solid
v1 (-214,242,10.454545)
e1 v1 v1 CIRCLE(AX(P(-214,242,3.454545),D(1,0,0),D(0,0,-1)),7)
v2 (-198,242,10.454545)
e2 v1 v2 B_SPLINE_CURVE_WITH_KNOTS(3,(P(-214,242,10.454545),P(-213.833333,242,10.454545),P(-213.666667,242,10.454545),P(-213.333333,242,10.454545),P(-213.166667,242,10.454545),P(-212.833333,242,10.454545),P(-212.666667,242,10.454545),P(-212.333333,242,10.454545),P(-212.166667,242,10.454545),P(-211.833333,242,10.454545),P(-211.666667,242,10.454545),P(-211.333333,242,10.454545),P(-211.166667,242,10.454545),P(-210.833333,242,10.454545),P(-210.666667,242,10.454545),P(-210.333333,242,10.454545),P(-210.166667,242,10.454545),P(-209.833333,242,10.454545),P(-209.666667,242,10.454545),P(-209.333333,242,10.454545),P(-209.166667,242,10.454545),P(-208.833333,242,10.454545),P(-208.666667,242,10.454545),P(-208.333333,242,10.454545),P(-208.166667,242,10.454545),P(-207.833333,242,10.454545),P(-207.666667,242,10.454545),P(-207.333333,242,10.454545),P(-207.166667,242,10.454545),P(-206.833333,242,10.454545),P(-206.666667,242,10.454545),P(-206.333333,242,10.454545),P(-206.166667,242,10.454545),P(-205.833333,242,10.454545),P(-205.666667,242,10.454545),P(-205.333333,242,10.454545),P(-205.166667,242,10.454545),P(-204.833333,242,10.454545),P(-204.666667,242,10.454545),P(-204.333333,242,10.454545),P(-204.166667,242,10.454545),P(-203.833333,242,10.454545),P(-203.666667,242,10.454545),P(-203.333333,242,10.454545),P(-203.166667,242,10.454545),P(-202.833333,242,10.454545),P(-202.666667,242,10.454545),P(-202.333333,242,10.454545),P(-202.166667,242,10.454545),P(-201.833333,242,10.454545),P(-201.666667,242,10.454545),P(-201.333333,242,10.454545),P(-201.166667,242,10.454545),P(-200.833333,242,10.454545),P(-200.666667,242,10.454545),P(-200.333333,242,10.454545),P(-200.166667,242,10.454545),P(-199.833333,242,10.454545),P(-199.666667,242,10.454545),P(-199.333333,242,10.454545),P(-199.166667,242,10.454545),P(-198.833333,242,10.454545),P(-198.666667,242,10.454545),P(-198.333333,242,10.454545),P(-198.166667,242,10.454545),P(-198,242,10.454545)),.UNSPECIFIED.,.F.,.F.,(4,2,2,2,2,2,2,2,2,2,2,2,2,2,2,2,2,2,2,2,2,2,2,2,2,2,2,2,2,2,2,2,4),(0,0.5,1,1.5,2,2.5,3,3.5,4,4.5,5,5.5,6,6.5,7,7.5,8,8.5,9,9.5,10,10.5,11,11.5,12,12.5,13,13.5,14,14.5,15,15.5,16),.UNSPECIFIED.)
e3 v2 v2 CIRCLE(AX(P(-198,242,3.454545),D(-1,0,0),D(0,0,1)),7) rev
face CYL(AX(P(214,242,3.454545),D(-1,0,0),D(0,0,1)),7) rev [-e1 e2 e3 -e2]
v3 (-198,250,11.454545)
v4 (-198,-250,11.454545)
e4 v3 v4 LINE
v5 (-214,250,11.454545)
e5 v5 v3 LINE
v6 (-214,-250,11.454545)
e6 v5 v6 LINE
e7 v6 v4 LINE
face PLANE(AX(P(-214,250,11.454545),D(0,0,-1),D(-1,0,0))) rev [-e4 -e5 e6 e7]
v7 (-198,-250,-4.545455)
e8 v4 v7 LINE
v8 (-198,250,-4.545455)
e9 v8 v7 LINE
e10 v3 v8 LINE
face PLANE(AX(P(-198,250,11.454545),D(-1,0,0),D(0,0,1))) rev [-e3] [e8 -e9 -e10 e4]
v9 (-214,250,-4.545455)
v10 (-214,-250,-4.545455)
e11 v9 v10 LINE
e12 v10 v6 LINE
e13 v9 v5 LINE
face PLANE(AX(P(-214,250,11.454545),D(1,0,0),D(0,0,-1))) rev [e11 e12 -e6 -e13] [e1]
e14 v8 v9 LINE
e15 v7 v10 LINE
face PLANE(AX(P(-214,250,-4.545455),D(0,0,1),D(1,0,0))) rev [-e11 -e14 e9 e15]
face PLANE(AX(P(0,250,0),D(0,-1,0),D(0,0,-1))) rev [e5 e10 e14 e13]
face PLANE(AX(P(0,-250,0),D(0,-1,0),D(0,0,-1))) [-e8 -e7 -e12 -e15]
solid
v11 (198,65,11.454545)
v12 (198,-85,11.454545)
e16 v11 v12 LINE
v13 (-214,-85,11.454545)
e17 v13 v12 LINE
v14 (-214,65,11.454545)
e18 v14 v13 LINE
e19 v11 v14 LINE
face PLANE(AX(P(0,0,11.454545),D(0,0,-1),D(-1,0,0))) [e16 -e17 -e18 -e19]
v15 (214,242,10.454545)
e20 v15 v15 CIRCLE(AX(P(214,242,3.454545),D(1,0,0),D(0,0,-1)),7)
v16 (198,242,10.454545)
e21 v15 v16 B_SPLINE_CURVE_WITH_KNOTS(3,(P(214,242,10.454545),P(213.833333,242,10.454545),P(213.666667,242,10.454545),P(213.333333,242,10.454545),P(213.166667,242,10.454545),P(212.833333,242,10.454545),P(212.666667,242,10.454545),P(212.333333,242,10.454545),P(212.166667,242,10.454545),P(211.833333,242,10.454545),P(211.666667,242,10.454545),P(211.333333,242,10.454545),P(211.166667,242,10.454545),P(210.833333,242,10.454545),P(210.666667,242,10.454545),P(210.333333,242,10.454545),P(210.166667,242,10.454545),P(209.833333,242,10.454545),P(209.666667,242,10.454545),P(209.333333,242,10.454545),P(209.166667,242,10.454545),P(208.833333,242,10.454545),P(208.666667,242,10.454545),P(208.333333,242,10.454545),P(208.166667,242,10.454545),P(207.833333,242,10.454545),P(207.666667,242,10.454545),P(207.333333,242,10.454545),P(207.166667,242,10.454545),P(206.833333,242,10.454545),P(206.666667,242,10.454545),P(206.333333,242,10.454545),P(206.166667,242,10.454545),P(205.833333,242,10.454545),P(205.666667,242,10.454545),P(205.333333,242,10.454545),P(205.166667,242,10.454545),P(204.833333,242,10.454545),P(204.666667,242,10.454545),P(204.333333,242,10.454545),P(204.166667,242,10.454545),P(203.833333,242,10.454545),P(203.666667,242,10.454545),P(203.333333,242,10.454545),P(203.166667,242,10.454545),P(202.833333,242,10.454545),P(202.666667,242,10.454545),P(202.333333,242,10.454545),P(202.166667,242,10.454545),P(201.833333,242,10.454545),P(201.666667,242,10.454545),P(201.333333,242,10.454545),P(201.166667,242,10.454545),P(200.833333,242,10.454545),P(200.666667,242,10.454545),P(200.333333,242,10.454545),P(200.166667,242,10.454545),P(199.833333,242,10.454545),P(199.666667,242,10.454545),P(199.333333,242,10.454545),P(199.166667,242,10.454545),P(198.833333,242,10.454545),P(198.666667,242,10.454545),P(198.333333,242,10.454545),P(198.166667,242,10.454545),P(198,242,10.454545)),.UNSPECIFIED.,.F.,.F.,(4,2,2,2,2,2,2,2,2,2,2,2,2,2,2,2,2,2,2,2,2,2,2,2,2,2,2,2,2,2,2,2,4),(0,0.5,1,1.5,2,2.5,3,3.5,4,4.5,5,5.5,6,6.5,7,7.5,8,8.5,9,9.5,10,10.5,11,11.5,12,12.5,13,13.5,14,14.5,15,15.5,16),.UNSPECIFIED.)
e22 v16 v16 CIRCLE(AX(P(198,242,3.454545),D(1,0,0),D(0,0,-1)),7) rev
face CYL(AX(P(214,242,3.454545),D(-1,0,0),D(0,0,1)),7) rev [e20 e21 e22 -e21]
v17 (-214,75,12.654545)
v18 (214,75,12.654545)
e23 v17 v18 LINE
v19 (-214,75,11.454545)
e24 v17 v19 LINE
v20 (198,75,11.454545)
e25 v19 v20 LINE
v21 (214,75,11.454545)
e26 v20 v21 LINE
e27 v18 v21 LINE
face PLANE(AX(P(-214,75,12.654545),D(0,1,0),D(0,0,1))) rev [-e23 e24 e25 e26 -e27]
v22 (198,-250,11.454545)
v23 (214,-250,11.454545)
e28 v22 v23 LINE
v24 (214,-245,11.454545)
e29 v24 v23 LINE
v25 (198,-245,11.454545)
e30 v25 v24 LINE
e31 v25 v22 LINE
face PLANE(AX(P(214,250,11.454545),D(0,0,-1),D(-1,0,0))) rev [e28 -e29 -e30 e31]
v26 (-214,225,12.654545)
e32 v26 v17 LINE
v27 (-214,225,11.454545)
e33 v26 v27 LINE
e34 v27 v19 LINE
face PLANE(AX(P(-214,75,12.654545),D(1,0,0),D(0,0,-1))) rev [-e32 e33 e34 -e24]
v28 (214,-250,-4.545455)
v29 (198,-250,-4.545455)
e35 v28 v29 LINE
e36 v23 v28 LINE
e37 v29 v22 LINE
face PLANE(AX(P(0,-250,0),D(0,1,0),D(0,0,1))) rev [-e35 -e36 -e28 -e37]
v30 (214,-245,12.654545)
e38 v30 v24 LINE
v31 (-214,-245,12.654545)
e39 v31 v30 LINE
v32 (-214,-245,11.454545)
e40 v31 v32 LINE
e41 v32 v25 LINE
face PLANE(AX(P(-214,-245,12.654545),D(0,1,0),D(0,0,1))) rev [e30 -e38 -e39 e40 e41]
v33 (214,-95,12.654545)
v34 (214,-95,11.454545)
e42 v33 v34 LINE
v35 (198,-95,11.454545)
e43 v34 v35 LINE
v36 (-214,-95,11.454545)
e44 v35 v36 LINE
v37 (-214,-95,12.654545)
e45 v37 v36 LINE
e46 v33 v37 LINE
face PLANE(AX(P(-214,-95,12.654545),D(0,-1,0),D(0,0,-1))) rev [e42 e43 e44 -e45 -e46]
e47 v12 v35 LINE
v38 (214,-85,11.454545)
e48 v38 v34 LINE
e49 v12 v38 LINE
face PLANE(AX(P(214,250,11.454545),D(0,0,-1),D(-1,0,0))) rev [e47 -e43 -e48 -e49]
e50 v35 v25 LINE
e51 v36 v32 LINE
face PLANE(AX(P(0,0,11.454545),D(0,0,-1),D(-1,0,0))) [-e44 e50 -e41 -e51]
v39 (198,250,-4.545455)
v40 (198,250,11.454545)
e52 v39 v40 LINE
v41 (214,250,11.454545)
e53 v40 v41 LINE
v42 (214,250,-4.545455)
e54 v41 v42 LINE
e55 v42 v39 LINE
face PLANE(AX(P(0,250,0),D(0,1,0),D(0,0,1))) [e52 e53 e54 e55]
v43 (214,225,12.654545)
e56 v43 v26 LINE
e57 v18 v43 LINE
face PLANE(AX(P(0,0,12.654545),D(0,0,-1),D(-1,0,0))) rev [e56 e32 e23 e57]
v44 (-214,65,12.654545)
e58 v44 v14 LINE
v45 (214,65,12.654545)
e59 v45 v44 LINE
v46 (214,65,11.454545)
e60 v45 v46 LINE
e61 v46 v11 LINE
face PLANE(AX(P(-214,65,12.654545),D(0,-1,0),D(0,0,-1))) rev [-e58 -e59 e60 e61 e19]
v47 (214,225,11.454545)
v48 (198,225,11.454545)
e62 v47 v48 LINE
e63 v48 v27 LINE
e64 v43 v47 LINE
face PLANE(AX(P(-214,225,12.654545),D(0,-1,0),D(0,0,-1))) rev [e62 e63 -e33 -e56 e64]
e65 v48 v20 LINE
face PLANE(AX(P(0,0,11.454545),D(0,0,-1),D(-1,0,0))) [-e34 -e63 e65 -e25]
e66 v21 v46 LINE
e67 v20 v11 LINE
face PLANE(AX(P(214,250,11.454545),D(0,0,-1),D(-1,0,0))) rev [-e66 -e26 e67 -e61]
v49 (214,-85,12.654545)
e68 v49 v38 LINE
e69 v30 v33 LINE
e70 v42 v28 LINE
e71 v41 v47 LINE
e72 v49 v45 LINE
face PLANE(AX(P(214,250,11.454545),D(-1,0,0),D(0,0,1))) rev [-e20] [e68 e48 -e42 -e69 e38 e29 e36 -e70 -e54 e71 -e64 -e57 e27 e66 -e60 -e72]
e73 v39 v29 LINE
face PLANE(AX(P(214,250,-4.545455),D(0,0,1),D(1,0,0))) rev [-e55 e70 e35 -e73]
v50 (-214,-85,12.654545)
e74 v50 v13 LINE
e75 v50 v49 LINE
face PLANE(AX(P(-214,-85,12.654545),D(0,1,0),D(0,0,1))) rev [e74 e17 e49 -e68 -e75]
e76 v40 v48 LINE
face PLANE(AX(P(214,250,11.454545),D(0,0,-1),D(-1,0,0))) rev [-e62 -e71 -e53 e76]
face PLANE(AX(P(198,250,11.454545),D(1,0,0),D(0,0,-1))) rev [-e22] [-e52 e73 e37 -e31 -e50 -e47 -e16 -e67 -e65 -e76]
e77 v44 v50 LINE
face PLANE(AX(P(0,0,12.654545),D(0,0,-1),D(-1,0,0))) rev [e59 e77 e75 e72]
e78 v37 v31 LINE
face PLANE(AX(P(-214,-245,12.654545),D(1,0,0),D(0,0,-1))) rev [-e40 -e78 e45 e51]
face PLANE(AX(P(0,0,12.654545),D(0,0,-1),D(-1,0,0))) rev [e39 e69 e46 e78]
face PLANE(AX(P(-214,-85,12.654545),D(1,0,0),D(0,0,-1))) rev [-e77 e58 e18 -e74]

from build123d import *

# Parameters (mm, degrees)
SKETCH1_W               = 16
SKETCH1_H               = 16
BOSS_EXTRUDE1_DEPTH     = 250
BOSS_EXTRUDE1_2_DEPTH   = 250
SKETCH2_W               = 428
SKETCH2_H               = 150
BOSS_EXTRUDE2_DEPTH     = 1.2
CUT_EXTRUDE1_DEPTH      = 483.083123041
CUT_EXTRUDE1_DEPTH_BACK = 483.083123041
SKETCH3_R               = 7


with BuildPart() as part:
    # Sketch1 → Boss-Extrude1 (new, symmetric)
    with BuildSketch(Plane(origin=(0, 0, 0), x_dir=(1, 0, 0), z_dir=(0, 1, 0))):
        with Locations((-206, -3.454545455)):
            Rectangle(SKETCH1_W, SKETCH1_H)
    extrude(amount=BOSS_EXTRUDE1_DEPTH, both=True)


with BuildPart() as body_2:
    # Sketch1 → Boss-Extrude1 2 (new, symmetric)
    with BuildSketch(Plane(origin=(0, 0, 0), x_dir=(1, 0, 0), z_dir=(0, 1, 0))):
        with Locations((206, -3.454545455)):
            Rectangle(SKETCH1_W, SKETCH1_H)
    extrude(amount=BOSS_EXTRUDE1_2_DEPTH, both=True)

    # Sketch2 → Boss-Extrude2 (add)
    with BuildSketch(Plane.XY.offset(11.454545455)):
        with Locations((0, 150)):
            Rectangle(SKETCH2_W, SKETCH2_H)
        with Locations((0, -10)):
            Rectangle(SKETCH2_W, SKETCH2_H)
        with Locations((0, -170)):
            Rectangle(SKETCH2_W, SKETCH2_H)
    extrude(amount=BOSS_EXTRUDE2_DEPTH)


with BuildPart() as cut_extrude1_tool:
    # Sketch3 → Cut-Extrude1 (new, two sides: drawn at the far end of the back side and taken through both)
    with BuildSketch(Plane(origin=(-198, 0, 0), x_dir=(0, 0, -1), z_dir=(1, 0, 0)).offset(-CUT_EXTRUDE1_DEPTH_BACK)):
        with Locations(Location((-3.454545455, 242, 0), (0, 0, 180))):
            Circle(SKETCH3_R)
    extrude(amount=CUT_EXTRUDE1_DEPTH + CUT_EXTRUDE1_DEPTH_BACK)


with BuildPart() as part_1:
    add(part.part)

    # Cut-Extrude1: cut by cut_extrude1_tool
    add(cut_extrude1_tool.part, mode=Mode.SUBTRACT)


with BuildPart() as body_2_1:
    add(body_2.part)

    # Cut-Extrude1: cut by cut_extrude1_tool
    add(cut_extrude1_tool.part, mode=Mode.SUBTRACT)


solid = Compound([part_1.part, body_2_1.part])
